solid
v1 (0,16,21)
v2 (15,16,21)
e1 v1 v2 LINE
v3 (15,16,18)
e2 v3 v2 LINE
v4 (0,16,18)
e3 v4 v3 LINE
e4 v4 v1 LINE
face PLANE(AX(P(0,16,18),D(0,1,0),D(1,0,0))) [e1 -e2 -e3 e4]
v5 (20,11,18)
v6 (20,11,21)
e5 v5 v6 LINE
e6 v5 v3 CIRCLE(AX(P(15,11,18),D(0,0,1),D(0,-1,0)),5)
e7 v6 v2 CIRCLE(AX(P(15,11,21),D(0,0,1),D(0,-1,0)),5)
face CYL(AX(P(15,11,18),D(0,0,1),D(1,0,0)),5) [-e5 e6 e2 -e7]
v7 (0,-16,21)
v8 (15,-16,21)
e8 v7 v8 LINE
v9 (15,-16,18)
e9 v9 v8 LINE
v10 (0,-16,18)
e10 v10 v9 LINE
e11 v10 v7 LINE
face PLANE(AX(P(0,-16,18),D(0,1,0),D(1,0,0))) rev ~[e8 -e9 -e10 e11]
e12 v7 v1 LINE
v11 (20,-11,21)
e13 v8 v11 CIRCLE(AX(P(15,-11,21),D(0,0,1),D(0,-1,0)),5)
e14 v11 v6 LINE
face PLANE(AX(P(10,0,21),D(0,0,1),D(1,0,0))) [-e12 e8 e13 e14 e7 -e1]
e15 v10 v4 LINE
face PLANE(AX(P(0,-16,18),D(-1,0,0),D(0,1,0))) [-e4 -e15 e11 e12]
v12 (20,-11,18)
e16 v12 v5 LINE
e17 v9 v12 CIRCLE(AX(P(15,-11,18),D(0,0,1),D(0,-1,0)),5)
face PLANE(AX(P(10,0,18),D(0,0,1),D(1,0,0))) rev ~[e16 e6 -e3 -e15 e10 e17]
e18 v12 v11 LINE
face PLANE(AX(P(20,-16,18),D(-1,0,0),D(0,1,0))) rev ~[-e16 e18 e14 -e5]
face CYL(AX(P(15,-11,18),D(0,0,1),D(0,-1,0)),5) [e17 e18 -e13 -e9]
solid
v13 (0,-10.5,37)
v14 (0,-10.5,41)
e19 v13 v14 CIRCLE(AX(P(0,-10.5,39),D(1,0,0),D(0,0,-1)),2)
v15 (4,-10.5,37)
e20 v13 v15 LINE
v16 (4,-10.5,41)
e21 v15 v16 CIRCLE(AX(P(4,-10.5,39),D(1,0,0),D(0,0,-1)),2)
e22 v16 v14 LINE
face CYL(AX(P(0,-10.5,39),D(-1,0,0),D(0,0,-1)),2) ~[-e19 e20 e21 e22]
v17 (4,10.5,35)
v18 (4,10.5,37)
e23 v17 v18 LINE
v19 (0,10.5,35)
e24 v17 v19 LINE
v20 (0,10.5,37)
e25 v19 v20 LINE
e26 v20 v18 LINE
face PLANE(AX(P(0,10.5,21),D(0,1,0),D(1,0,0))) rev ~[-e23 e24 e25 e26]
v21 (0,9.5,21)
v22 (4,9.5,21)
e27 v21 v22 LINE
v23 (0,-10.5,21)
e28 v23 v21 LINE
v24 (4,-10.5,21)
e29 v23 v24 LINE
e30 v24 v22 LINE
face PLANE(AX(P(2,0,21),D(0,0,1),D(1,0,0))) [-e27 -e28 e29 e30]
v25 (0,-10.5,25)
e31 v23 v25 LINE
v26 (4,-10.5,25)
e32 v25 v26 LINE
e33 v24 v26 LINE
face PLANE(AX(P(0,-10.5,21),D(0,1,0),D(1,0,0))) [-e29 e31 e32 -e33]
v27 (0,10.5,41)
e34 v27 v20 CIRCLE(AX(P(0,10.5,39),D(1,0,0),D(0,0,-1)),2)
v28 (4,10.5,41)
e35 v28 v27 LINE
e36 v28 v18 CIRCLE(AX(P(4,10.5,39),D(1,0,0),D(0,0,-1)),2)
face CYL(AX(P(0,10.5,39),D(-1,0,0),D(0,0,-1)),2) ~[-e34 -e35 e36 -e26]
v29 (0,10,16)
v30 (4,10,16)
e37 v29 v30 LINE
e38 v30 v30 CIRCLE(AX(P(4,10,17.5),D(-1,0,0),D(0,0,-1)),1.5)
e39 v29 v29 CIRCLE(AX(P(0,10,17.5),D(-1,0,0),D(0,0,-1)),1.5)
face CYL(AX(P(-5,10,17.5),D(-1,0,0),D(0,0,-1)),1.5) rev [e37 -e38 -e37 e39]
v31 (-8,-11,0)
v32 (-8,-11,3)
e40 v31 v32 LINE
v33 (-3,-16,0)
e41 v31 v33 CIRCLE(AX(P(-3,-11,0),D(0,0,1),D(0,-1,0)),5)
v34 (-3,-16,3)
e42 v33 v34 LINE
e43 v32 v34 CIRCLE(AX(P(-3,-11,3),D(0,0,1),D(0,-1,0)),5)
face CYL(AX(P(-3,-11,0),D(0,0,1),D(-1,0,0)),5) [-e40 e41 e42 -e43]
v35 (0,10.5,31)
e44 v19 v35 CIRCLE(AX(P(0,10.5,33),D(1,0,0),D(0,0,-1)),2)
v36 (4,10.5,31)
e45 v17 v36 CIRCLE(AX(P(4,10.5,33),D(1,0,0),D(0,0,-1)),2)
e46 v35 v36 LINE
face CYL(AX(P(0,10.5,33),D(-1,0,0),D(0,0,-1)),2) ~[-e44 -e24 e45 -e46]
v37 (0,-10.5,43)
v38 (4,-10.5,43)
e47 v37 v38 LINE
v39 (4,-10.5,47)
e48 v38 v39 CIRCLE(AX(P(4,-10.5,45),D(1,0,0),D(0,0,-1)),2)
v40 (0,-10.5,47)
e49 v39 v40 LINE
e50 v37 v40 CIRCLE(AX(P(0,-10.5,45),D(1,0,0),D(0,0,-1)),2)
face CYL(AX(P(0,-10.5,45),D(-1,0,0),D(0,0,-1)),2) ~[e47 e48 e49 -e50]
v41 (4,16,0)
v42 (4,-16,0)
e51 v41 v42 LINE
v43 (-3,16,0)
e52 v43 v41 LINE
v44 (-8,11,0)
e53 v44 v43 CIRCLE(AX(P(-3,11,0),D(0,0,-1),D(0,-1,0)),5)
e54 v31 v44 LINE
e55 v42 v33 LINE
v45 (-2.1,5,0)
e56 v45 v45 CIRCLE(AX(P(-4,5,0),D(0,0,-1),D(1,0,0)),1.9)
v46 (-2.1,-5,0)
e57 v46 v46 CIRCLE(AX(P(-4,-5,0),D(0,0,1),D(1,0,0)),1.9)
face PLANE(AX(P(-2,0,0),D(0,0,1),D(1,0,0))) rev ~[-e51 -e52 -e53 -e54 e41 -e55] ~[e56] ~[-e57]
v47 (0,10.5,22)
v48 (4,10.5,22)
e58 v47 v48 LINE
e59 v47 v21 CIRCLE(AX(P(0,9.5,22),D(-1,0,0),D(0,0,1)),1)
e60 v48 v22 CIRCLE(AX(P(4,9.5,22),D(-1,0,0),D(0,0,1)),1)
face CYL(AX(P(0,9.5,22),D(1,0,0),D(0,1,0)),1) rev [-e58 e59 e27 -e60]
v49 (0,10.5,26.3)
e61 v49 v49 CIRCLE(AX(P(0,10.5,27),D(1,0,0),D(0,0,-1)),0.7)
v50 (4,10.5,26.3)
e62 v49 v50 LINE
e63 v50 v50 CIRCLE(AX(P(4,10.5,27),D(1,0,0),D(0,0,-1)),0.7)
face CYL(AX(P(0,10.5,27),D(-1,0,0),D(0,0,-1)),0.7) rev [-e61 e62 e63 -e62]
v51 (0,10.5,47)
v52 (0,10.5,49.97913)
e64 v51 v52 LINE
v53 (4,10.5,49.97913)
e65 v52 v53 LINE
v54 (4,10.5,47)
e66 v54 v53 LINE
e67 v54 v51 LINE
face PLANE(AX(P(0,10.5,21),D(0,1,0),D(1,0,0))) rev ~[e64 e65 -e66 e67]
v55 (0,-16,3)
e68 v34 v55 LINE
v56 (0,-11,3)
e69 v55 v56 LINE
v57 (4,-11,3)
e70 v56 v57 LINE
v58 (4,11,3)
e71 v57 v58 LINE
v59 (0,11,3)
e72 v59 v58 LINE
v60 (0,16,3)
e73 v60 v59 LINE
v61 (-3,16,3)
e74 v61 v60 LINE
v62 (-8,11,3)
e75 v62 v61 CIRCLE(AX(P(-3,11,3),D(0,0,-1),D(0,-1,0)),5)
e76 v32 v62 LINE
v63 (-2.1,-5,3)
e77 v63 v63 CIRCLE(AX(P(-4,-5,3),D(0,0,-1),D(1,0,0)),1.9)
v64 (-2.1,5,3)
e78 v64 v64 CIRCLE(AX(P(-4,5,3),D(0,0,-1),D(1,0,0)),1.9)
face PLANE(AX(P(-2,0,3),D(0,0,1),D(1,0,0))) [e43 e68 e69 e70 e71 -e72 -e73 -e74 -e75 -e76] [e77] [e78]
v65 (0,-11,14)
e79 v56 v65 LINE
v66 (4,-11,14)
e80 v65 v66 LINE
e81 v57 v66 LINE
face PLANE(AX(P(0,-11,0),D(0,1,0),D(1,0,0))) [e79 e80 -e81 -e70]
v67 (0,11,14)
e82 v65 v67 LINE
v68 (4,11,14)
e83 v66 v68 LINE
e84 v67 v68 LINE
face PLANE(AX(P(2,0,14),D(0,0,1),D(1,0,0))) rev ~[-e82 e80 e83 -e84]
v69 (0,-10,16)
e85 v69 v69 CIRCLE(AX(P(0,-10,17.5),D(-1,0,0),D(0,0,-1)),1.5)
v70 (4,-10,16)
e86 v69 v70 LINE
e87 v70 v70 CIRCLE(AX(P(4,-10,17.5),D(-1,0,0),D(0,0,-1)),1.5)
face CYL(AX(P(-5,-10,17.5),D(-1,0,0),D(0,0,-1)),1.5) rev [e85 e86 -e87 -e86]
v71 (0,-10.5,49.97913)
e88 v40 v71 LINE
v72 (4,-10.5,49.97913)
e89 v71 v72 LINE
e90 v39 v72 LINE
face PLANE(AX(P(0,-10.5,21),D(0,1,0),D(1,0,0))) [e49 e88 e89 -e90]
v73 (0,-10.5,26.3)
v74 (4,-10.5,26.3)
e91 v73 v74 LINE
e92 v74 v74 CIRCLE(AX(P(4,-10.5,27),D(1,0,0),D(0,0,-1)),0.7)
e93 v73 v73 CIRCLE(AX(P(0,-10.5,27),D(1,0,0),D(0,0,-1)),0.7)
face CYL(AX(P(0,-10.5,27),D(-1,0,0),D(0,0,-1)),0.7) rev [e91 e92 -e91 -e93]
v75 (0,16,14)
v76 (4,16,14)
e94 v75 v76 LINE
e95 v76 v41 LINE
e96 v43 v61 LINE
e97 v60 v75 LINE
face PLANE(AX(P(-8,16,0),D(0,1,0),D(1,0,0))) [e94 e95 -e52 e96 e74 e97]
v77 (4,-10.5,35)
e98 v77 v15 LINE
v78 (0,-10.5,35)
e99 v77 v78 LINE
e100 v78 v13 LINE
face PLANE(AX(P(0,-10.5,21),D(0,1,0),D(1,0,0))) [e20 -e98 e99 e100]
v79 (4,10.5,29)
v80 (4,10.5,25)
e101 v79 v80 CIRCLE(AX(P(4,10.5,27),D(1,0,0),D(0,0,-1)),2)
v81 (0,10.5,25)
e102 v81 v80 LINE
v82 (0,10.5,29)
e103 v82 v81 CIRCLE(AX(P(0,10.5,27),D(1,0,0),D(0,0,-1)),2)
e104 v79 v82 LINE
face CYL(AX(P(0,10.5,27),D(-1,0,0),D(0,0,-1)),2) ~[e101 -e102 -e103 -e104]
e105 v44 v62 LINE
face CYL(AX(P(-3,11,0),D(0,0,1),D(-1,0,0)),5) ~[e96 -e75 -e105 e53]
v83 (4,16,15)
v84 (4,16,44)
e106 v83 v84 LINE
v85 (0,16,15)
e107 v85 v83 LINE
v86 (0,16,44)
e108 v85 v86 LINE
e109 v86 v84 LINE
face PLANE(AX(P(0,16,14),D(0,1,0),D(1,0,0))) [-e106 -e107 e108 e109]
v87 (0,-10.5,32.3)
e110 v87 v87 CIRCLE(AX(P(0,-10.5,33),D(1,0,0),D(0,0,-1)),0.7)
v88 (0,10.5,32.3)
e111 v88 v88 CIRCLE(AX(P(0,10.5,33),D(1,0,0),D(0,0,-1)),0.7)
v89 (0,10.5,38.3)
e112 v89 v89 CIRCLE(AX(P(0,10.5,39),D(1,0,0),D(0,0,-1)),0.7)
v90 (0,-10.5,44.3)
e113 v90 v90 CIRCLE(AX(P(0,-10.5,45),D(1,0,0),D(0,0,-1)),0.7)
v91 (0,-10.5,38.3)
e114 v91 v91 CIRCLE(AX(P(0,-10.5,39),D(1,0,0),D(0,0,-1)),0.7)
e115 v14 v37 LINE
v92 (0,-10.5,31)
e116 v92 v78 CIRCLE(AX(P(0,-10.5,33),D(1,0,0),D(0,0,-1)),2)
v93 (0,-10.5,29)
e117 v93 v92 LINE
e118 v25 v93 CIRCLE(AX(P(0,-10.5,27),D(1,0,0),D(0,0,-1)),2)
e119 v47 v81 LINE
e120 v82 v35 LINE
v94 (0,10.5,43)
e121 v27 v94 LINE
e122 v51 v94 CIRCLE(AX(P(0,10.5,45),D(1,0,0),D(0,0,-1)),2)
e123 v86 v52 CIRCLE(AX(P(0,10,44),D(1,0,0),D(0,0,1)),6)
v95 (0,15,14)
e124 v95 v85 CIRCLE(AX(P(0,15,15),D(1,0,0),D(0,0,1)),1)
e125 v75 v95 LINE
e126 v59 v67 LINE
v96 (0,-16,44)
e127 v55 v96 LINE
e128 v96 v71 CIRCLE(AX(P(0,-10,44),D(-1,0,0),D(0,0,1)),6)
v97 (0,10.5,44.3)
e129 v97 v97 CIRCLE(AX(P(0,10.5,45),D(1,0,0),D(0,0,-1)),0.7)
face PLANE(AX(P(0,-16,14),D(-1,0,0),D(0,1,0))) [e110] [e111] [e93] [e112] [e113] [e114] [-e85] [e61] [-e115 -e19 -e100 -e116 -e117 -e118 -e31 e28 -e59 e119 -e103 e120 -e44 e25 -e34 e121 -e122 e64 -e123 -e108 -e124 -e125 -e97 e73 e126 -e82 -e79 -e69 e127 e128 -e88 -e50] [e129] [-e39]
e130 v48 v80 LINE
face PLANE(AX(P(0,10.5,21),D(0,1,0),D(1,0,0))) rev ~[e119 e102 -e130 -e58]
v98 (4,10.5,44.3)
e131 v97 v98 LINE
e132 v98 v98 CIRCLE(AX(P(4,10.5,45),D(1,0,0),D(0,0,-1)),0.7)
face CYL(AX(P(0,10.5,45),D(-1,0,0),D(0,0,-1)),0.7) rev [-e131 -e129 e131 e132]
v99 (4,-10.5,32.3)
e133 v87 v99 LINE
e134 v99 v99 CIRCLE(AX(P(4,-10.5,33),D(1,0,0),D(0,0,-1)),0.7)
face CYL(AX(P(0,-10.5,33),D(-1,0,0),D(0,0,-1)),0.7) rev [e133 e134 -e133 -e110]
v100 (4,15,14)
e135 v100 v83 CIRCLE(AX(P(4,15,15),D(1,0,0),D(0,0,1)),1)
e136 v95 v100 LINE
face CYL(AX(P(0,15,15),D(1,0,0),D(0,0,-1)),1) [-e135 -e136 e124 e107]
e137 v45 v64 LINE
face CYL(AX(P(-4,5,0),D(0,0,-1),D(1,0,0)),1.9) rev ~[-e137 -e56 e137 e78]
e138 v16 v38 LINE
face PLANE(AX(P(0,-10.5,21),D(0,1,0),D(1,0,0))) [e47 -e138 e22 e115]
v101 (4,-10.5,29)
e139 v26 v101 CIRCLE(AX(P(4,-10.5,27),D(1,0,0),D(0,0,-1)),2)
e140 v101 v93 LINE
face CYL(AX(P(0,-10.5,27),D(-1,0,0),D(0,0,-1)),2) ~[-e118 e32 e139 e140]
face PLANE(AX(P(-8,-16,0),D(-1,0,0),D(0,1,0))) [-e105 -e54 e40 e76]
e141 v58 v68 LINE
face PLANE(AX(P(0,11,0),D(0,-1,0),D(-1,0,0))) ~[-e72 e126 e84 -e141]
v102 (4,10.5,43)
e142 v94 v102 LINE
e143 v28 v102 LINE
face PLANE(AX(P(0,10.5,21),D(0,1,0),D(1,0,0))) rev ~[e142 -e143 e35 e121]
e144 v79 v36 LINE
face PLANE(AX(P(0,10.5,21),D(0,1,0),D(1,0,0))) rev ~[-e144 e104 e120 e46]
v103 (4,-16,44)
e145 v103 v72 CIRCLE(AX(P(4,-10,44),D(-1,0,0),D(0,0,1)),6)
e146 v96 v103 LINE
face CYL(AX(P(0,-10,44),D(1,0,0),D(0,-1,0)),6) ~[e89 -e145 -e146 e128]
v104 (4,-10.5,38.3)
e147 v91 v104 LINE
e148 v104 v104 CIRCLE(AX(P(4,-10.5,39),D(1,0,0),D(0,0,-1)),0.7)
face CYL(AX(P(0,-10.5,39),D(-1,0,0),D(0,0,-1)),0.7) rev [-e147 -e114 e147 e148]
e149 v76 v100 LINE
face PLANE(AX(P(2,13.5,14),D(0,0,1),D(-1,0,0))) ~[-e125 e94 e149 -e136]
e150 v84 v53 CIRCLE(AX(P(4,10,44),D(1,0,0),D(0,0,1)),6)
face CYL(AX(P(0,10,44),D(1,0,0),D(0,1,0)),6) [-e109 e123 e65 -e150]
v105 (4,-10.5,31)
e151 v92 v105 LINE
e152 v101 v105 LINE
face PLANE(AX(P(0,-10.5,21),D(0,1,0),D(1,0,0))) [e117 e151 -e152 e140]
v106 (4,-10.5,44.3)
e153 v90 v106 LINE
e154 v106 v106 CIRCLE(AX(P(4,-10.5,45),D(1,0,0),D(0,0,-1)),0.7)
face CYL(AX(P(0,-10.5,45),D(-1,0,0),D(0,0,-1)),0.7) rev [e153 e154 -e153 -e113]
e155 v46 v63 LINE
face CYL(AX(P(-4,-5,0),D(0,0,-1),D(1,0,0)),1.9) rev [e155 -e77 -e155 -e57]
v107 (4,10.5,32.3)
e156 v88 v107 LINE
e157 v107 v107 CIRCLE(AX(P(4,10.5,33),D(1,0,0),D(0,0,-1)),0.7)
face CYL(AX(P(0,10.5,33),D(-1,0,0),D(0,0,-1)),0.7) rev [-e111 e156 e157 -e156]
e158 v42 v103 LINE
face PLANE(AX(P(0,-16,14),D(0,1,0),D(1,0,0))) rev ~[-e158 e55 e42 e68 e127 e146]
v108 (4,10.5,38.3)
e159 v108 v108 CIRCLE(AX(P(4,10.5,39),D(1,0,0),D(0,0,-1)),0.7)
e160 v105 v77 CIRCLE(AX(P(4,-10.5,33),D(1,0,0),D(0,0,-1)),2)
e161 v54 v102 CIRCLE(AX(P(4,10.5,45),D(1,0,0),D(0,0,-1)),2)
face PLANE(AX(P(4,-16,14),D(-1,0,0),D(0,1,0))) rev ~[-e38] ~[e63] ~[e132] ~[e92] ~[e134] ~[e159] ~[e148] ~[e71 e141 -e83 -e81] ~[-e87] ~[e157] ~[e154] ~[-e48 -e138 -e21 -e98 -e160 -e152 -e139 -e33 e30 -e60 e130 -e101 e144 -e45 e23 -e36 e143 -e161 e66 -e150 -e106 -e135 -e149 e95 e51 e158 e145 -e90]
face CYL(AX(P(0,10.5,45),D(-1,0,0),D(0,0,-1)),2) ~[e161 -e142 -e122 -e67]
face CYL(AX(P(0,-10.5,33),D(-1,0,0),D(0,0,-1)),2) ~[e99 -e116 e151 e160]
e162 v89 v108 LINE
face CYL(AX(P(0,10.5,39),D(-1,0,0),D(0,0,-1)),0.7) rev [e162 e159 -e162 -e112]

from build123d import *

# Parameters (mm, degrees)
CYLINDER003_R     = 1.5
CYLINDER003_DEPTH = 10
ARRAY002_Y_COUNT  = 2
ARRAY002_Y_PITCH  = 20
CYLINDER001_R     = 0.7
CYLINDER001_DEPTH = 4
ARRAY001_Y_COUNT  = 2
ARRAY001_Y_PITCH  = 21
ARRAY001_Z_COUNT  = 4
ARRAY001_Z_PITCH  = 6
BOX001_W          = 4
BOX001_H          = 21
BOX001_DEPTH      = 74
BOX_W             = 4
BOX_H             = 32
BOX_DEPTH         = 36
FILLET001_R       = 6
FILLET004_R       = 1
CYLINDER_R        = 2
CYLINDER_DEPTH    = 4
ARRAY_Y_COUNT     = 2
ARRAY_Y_PITCH     = 21
ARRAY_Z_COUNT     = 4
ARRAY_Z_PITCH     = 6
CYLINDER002_R     = 1.9
CYLINDER002_DEPTH = 10
BOX002_W          = 4
BOX002_H          = 5
BOX002_DEPTH      = 14
BOX003_W          = 12
BOX003_H          = 32
BOX003_DEPTH      = 3
FILLET_R          = 5
BOX004_W          = 20
BOX004_H          = 32
BOX004_DEPTH      = 3
FILLET005_R       = 5


with BuildPart() as middle_bolt_hole_array:
    # Cylinder003 → Cylinder003 (new body)
    with BuildSketch(Plane(origin=(0, 0, 0), x_dir=(0, 0, -1), z_dir=(1, 0, 0))):
        Circle(CYLINDER003_R)
    extrude(amount=CYLINDER003_DEPTH)

    # Array002 Y: middle bolt hole array ×2


with BuildPart() as middle_bolt_hole_array_1:
    add(middle_bolt_hole_array.part)
    with Locations(*[(0, i * ARRAY002_Y_PITCH, 0) for i in range(1, ARRAY002_Y_COUNT)]):
        add(middle_bolt_hole_array.part)


with BuildPart() as middle_bolt_hole_array_2:
    # Array002 placement: moved
    add(middle_bolt_hole_array_1.part.moved(Location((-5, -10, 3.5))))


with BuildPart() as camera_hole_fusion:
    # Cylinder001 → Cylinder001 (new body)
    with BuildSketch(Plane(origin=(0, 0, 0), x_dir=(0, 0, -1), z_dir=(1, 0, 0))):
        Circle(CYLINDER001_R)
    extrude(amount=CYLINDER001_DEPTH)

    # Array001 Y: camera hole fusion ×2


with BuildPart() as camera_hole_fusion_1:
    add(camera_hole_fusion.part)
    with Locations(*[(0, i * ARRAY001_Y_PITCH, 0) for i in range(1, ARRAY001_Y_COUNT)]):
        add(camera_hole_fusion.part)

    # Array001 Z: camera hole fusion ×4


with BuildPart() as camera_hole_fusion_2:
    add(camera_hole_fusion_1.part)
    with Locations(*[(0, 0, i * ARRAY001_Z_PITCH) for i in range(1, ARRAY001_Z_COUNT)]):
        add(camera_hole_fusion_1.part)


with BuildPart() as camera_hole_fusion_3:
    # Array001 placement: moved
    add(camera_hole_fusion_2.part.moved(Location((0, -10.5, 13))))

    # Fusion003002: union middle bolt hole array
    add(middle_bolt_hole_array_2.part)


with BuildPart() as camera_plate_hole:
    # Box001 → Box001 (new body)
    with BuildSketch(Plane(origin=(0, -10.5, 7), x_dir=(1, 0, 0), z_dir=(0, 0, 1))):
        with Locations((2, 10.5)):
            Rectangle(BOX001_W, BOX001_H)
    extrude(amount=BOX001_DEPTH)


with BuildPart() as camera_plate_cut_fillet:
    # Box → Box (new body)
    with BuildSketch(Plane(origin=(0, -16, 0), x_dir=(1, 0, 0), z_dir=(0, 0, 1))):
        with Locations((2, 16)):
            Rectangle(BOX_W, BOX_H)
    extrude(amount=BOX_DEPTH)

    # Fillet001
    fillet001_edges = [camera_plate_cut_fillet.edges().sort_by_distance(p)[0] for p in [
        (2, -16, 36),
        (2, 16, 36),
    ]]
    fillet(fillet001_edges, radius=FILLET001_R)

    # Cut001: cut camera plate hole
    add(camera_plate_hole.part, mode=Mode.SUBTRACT)

    # Fillet004
    fillet004_edges = [camera_plate_cut_fillet.edges().sort_by_distance(p)[0] for p in [
        (2, 10.5, 7),
        (2, 16, 0),
    ]]
    fillet(fillet004_edges, radius=FILLET004_R)


with BuildPart() as camera_holder_cut:
    # Cylinder → Cylinder (new body)
    with BuildSketch(Plane(origin=(0, 0, 0), x_dir=(0, 0, -1), z_dir=(1, 0, 0))):
        Circle(CYLINDER_R)
    extrude(amount=CYLINDER_DEPTH)

    # Array Y: camera holder cut ×2


with BuildPart() as camera_holder_cut_1:
    add(camera_holder_cut.part)
    with Locations(*[(0, i * ARRAY_Y_PITCH, 0) for i in range(1, ARRAY_Y_COUNT)]):
        add(camera_holder_cut.part)

    # Array Z: camera holder cut ×4


with BuildPart() as camera_holder_cut_2:
    add(camera_holder_cut_1.part)
    with Locations(*[(0, 0, i * ARRAY_Z_PITCH) for i in range(1, ARRAY_Z_COUNT)]):
        add(camera_holder_cut_1.part)


with BuildPart() as camera_holder_cut_3:
    # Array placement: moved
    add(camera_holder_cut_2.part.moved(Location((0, -10.5, 13))))

    # Fusion: union camera plate cut fillet
    add(camera_plate_cut_fillet.part)

    # Cut: cut camera hole fusion
    add(camera_hole_fusion_3.part, mode=Mode.SUBTRACT)


with BuildPart() as camera_holder_cut_4:
    # Cut placement: moved
    add(camera_holder_cut_3.part.moved(Location((0, 0, 14))))


with BuildPart() as bottom_bolt_hole:
    # Cylinder002 → Cylinder002 (new body)
    with BuildSketch(Plane(origin=(0, -5, 0), x_dir=(1, 0, 0), z_dir=(0, 0, 1))):
        Circle(CYLINDER002_R)
    extrude(amount=CYLINDER002_DEPTH)


with BuildPart() as bottom_hole_fusion:
    # Part__Mirroring001: instance of bottom bolt hole
    add(bottom_bolt_hole.part.mirror(Plane(origin=(0, 0, 0), x_dir=(1, 0, 0), z_dir=(0, 1, 0))))

    # Fusion002: union bottom bolt hole
    add(bottom_bolt_hole.part)


with BuildPart() as bottom_hole_fusion_1:
    # Fusion002 placement: moved
    add(bottom_hole_fusion.part.moved(Location((-4, 0, 0))))


with BuildPart() as side_cube:
    # Box002 → Box002 (new body)
    with BuildSketch(Plane(origin=(0, -16, 0), x_dir=(1, 0, 0), z_dir=(0, 0, 1))):
        with Locations((2, 2.5)):
            Rectangle(BOX002_W, BOX002_H)
    extrude(amount=BOX002_DEPTH)


with BuildPart() as bottom_cube_fillet:
    # Box003 → Box003 (new body)
    with BuildSketch(Plane(origin=(-8, -16, 0), x_dir=(1, 0, 0), z_dir=(0, 0, 1))):
        with Locations((6, 16)):
            Rectangle(BOX003_W, BOX003_H)
    extrude(amount=BOX003_DEPTH)

    # Fillet
    fillet_edges = [bottom_cube_fillet.edges().sort_by_distance(p)[0] for p in [
        (-8, -16, 1.5),
        (-8, 16, 1.5),
    ]]
    fillet(fillet_edges, radius=FILLET_R)


with BuildPart() as camera_holder_with_stand001:
    # Part__Mirroring: instance of side cube
    add(side_cube.part.mirror(Plane(origin=(0, 0, 0), x_dir=(1, 0, 0), z_dir=(0, 1, 0))))

    # Fusion001: union side cube, bottom cube fillet
    add(side_cube.part)
    add(bottom_cube_fillet.part)

    # Cut002: cut bottom hole fusion
    add(bottom_hole_fusion_1.part, mode=Mode.SUBTRACT)

    # Fusion003: union camera holder cut
    add(camera_holder_cut_4.part)


with BuildPart() as moddle_cube_fillet:
    # Box004 → Box004 (new body)
    with BuildSketch(Plane(origin=(0, -16, 18), x_dir=(1, 0, 0), z_dir=(0, 0, 1))):
        with Locations((10, 16)):
            Rectangle(BOX004_W, BOX004_H)
    extrude(amount=BOX004_DEPTH)

    # Fillet005
    fillet005_edges = [moddle_cube_fillet.edges().sort_by_distance(p)[0] for p in [
        (20, -16, 19.5),
        (20, 16, 19.5),
    ]]
    fillet(fillet005_edges, radius=FILLET005_R)


solid = Compound([camera_holder_with_stand001.part, moddle_cube_fillet.part])
